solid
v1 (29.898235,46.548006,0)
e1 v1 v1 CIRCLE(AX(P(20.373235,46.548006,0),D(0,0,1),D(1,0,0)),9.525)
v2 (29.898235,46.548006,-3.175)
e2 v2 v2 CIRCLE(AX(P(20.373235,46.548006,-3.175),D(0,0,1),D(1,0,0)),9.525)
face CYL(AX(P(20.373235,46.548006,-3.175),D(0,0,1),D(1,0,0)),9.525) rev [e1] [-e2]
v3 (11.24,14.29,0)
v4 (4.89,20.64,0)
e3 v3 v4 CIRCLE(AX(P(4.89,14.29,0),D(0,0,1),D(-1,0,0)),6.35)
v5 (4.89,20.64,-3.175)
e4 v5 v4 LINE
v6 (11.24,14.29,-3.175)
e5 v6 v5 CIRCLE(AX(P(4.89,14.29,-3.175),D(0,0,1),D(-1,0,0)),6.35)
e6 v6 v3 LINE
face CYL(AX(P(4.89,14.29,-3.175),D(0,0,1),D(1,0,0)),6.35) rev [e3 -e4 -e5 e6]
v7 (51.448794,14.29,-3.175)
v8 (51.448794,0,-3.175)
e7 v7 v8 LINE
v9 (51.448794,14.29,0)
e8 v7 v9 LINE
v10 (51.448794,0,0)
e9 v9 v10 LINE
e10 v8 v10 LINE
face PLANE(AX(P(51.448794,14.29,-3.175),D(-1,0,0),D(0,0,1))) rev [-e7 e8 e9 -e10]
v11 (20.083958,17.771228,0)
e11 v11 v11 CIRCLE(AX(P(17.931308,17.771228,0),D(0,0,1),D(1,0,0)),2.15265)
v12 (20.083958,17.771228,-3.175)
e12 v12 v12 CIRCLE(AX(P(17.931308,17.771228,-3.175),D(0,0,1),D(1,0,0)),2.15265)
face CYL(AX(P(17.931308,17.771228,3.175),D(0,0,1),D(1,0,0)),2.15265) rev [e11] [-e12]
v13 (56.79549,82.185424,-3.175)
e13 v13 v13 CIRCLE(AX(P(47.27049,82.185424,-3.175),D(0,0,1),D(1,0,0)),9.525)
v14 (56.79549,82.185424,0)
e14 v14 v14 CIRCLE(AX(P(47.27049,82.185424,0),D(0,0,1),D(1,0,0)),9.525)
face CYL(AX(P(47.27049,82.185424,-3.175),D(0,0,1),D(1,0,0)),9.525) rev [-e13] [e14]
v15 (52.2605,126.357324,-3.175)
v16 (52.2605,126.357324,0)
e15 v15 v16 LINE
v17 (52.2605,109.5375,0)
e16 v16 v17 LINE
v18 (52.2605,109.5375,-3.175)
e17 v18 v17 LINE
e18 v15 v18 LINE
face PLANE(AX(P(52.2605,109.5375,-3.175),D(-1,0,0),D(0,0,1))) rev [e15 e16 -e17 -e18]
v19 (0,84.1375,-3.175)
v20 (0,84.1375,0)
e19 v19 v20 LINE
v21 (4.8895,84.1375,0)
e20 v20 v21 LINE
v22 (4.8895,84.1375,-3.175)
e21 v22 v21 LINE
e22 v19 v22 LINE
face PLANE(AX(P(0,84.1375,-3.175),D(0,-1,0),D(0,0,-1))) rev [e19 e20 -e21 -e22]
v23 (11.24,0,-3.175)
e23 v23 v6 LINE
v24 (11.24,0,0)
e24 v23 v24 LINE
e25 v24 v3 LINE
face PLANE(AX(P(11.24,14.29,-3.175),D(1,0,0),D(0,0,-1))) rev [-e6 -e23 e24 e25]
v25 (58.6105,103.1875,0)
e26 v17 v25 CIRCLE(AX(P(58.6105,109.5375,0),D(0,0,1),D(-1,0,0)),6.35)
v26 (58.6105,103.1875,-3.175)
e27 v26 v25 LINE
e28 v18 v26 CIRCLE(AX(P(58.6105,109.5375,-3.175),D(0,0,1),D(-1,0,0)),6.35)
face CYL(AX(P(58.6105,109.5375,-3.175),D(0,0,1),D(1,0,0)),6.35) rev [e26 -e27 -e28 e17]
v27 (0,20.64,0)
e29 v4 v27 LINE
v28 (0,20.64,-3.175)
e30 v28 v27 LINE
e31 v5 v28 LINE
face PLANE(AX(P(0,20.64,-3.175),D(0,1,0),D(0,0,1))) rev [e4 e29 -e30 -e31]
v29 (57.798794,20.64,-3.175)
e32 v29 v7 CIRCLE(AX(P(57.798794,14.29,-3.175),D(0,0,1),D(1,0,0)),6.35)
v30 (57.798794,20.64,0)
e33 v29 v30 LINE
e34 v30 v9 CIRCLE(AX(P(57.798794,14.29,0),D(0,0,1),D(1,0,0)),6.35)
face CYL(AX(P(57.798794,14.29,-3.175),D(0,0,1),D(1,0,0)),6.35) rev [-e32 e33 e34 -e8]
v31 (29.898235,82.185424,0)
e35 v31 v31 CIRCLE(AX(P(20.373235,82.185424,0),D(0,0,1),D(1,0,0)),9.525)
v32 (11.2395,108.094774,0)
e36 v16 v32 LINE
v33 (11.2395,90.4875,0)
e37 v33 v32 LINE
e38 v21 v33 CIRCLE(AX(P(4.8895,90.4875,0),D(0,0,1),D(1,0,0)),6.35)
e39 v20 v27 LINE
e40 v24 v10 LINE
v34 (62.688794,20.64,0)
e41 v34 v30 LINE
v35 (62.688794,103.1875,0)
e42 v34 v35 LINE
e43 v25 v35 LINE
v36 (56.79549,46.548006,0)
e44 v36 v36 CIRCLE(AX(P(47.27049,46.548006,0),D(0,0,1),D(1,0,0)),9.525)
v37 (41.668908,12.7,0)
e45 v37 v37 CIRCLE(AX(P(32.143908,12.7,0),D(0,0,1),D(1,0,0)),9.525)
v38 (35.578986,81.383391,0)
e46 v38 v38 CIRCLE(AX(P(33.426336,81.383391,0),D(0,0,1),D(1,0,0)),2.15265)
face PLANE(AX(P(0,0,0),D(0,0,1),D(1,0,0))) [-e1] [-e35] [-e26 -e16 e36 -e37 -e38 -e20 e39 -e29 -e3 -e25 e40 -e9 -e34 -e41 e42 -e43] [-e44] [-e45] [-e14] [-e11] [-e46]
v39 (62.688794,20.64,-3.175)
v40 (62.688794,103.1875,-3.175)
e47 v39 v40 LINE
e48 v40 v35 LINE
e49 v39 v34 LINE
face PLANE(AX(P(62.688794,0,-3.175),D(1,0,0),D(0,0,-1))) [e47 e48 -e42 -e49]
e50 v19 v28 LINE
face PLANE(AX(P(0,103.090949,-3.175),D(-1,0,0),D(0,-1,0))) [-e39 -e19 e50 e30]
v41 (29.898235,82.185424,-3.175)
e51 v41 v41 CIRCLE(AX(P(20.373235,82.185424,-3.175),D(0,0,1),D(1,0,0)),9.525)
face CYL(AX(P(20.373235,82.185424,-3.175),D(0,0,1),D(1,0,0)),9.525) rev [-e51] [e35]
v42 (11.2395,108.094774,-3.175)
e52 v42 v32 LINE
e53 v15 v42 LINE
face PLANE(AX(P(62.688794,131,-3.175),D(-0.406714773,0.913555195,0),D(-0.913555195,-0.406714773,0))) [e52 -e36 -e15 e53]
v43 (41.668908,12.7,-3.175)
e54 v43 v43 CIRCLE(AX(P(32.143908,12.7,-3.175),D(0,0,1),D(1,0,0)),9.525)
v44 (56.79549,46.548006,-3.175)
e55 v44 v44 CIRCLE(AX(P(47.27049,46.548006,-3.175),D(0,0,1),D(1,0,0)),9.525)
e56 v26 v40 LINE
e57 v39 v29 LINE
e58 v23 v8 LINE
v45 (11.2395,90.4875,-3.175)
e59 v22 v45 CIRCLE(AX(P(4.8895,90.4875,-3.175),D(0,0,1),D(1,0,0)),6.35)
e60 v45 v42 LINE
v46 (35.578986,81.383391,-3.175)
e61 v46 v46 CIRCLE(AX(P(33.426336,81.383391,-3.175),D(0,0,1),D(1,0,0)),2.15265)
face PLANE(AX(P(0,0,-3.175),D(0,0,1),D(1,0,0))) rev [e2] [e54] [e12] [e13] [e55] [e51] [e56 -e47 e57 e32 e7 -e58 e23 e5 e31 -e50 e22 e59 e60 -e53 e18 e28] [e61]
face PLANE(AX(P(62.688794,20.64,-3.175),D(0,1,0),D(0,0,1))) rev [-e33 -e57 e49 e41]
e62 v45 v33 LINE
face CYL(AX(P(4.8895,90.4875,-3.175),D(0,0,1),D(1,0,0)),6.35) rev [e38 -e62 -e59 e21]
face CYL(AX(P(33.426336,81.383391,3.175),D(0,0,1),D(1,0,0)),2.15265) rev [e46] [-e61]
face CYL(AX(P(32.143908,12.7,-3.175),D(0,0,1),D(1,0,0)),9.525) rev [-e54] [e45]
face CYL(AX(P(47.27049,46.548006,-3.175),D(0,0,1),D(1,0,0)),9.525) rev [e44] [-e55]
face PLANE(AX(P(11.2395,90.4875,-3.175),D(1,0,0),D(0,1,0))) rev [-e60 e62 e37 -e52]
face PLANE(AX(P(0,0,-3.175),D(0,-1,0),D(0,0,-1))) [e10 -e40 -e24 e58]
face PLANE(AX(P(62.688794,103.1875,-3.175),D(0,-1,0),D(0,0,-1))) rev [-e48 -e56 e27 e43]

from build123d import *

# Parameters (mm, degrees)
BOSS_EXTRUDE1_DEPTH   = 3.175
SKETCH2_R             = 9.525
CUT_EXTRUDE1_DEPTH    = 4.175
F_6_CLEARANCE_HOLE1_D = 4.3053
CUT_EXTRUDE2_DEPTH    = 4.175
F_6_CLEARANCE_HOLE2_D = 4.3053


with BuildPart() as part:
    # Sketch1 → Boss-Extrude1 (new body)
    with BuildSketch(Plane.XY):
        Polygon((0, 103.090949096), (0, 0), (62.688793586, 0), (62.688793586, 131), align=None)
    extrude(amount=-BOSS_EXTRUDE1_DEPTH)

    # Sketch2 → Cut-Extrude1 (cut, through all)
    with BuildSketch(Plane.XY):
        with Locations((32.143907641, 12.7)):
            Circle(SKETCH2_R)
        with Locations((47.270490427, 46.548006151)):
            Circle(SKETCH2_R)
        with Locations((47.270490427, 82.18542385)):
            Circle(SKETCH2_R)
        with Locations((20.373235059, 82.18542385)):
            Circle(SKETCH2_R)
        with Locations((20.373235059, 46.548006151)):
            Circle(SKETCH2_R)
    extrude(amount=-CUT_EXTRUDE1_DEPTH, mode=Mode.SUBTRACT)

    # #6 Clearance Hole1 (through all)
    with Locations(Plane.XY):
        with Locations((58.6105, 14.2875), (4.8895, 14.2875), (4.8895, 90.4875), (58.6105, 109.5375)):
            Hole(F_6_CLEARANCE_HOLE1_D / 2)

    # Sketch5 → Cut-Extrude2 (cut, through all)
    with BuildSketch(Plane.XY):
        with BuildLine():
            Line((0, 0), (11.24, 0))
            Line((11.24, 0), (11.24, 14.29))
            ThreePointArc((11.24, 14.29), (9.380128061, 18.780128061), (4.89, 20.64))
            Line((4.89, 20.64), (0, 20.64))
            Line((0, 20.64), (0, 0))
        make_face()
        with BuildLine():
            Line((51.448793586, 14.29), (51.448793586, 0))
            Line((51.448793586, 0), (62.688793586, 0))
            Line((62.688793586, 0), (62.688793586, 20.64))
            Line((62.688793586, 20.64), (57.798793586, 20.64))
            ThreePointArc((57.798793586, 20.64), (53.308665525, 18.780128061), (51.448793586, 14.29))
        make_face()
        with BuildLine():
            Line((0, 103.090949096), (0, 84.1375))
            Line((0, 84.1375), (4.8895, 84.1375))
            ThreePointArc((4.8895, 84.1375), (9.379628061, 85.997371939), (11.2395, 90.4875))
            Line((11.2395, 90.4875), (11.2395, 108.094774496))
            Line((11.2395, 108.094774496), (0, 103.090949096))
        make_face()
        with BuildLine():
            Line((62.688793586, 131), (62.688793586, 103.1875))
            Line((62.688793586, 103.1875), (58.6105, 103.1875))
            ThreePointArc((58.6105, 103.1875), (54.120371939, 105.047371939), (52.2605, 109.5375))
            Line((52.2605, 109.5375), (52.2605, 126.357323696))
            Line((52.2605, 126.357323696), (62.688793586, 131))
        make_face()
    extrude(amount=-CUT_EXTRUDE2_DEPTH, mode=Mode.SUBTRACT)

    # #6 Clearance Hole2 (through all)
    with Locations(Plane(origin=(31.750004441, 0, 3.175), x_dir=(1, 0, 0), z_dir=(0, 0, 1))):
        with Locations((1.676331213, 81.383391323), (-13.818696068, 17.771227958)):
            Hole(F_6_CLEARANCE_HOLE2_D / 2)


solid = part.part
